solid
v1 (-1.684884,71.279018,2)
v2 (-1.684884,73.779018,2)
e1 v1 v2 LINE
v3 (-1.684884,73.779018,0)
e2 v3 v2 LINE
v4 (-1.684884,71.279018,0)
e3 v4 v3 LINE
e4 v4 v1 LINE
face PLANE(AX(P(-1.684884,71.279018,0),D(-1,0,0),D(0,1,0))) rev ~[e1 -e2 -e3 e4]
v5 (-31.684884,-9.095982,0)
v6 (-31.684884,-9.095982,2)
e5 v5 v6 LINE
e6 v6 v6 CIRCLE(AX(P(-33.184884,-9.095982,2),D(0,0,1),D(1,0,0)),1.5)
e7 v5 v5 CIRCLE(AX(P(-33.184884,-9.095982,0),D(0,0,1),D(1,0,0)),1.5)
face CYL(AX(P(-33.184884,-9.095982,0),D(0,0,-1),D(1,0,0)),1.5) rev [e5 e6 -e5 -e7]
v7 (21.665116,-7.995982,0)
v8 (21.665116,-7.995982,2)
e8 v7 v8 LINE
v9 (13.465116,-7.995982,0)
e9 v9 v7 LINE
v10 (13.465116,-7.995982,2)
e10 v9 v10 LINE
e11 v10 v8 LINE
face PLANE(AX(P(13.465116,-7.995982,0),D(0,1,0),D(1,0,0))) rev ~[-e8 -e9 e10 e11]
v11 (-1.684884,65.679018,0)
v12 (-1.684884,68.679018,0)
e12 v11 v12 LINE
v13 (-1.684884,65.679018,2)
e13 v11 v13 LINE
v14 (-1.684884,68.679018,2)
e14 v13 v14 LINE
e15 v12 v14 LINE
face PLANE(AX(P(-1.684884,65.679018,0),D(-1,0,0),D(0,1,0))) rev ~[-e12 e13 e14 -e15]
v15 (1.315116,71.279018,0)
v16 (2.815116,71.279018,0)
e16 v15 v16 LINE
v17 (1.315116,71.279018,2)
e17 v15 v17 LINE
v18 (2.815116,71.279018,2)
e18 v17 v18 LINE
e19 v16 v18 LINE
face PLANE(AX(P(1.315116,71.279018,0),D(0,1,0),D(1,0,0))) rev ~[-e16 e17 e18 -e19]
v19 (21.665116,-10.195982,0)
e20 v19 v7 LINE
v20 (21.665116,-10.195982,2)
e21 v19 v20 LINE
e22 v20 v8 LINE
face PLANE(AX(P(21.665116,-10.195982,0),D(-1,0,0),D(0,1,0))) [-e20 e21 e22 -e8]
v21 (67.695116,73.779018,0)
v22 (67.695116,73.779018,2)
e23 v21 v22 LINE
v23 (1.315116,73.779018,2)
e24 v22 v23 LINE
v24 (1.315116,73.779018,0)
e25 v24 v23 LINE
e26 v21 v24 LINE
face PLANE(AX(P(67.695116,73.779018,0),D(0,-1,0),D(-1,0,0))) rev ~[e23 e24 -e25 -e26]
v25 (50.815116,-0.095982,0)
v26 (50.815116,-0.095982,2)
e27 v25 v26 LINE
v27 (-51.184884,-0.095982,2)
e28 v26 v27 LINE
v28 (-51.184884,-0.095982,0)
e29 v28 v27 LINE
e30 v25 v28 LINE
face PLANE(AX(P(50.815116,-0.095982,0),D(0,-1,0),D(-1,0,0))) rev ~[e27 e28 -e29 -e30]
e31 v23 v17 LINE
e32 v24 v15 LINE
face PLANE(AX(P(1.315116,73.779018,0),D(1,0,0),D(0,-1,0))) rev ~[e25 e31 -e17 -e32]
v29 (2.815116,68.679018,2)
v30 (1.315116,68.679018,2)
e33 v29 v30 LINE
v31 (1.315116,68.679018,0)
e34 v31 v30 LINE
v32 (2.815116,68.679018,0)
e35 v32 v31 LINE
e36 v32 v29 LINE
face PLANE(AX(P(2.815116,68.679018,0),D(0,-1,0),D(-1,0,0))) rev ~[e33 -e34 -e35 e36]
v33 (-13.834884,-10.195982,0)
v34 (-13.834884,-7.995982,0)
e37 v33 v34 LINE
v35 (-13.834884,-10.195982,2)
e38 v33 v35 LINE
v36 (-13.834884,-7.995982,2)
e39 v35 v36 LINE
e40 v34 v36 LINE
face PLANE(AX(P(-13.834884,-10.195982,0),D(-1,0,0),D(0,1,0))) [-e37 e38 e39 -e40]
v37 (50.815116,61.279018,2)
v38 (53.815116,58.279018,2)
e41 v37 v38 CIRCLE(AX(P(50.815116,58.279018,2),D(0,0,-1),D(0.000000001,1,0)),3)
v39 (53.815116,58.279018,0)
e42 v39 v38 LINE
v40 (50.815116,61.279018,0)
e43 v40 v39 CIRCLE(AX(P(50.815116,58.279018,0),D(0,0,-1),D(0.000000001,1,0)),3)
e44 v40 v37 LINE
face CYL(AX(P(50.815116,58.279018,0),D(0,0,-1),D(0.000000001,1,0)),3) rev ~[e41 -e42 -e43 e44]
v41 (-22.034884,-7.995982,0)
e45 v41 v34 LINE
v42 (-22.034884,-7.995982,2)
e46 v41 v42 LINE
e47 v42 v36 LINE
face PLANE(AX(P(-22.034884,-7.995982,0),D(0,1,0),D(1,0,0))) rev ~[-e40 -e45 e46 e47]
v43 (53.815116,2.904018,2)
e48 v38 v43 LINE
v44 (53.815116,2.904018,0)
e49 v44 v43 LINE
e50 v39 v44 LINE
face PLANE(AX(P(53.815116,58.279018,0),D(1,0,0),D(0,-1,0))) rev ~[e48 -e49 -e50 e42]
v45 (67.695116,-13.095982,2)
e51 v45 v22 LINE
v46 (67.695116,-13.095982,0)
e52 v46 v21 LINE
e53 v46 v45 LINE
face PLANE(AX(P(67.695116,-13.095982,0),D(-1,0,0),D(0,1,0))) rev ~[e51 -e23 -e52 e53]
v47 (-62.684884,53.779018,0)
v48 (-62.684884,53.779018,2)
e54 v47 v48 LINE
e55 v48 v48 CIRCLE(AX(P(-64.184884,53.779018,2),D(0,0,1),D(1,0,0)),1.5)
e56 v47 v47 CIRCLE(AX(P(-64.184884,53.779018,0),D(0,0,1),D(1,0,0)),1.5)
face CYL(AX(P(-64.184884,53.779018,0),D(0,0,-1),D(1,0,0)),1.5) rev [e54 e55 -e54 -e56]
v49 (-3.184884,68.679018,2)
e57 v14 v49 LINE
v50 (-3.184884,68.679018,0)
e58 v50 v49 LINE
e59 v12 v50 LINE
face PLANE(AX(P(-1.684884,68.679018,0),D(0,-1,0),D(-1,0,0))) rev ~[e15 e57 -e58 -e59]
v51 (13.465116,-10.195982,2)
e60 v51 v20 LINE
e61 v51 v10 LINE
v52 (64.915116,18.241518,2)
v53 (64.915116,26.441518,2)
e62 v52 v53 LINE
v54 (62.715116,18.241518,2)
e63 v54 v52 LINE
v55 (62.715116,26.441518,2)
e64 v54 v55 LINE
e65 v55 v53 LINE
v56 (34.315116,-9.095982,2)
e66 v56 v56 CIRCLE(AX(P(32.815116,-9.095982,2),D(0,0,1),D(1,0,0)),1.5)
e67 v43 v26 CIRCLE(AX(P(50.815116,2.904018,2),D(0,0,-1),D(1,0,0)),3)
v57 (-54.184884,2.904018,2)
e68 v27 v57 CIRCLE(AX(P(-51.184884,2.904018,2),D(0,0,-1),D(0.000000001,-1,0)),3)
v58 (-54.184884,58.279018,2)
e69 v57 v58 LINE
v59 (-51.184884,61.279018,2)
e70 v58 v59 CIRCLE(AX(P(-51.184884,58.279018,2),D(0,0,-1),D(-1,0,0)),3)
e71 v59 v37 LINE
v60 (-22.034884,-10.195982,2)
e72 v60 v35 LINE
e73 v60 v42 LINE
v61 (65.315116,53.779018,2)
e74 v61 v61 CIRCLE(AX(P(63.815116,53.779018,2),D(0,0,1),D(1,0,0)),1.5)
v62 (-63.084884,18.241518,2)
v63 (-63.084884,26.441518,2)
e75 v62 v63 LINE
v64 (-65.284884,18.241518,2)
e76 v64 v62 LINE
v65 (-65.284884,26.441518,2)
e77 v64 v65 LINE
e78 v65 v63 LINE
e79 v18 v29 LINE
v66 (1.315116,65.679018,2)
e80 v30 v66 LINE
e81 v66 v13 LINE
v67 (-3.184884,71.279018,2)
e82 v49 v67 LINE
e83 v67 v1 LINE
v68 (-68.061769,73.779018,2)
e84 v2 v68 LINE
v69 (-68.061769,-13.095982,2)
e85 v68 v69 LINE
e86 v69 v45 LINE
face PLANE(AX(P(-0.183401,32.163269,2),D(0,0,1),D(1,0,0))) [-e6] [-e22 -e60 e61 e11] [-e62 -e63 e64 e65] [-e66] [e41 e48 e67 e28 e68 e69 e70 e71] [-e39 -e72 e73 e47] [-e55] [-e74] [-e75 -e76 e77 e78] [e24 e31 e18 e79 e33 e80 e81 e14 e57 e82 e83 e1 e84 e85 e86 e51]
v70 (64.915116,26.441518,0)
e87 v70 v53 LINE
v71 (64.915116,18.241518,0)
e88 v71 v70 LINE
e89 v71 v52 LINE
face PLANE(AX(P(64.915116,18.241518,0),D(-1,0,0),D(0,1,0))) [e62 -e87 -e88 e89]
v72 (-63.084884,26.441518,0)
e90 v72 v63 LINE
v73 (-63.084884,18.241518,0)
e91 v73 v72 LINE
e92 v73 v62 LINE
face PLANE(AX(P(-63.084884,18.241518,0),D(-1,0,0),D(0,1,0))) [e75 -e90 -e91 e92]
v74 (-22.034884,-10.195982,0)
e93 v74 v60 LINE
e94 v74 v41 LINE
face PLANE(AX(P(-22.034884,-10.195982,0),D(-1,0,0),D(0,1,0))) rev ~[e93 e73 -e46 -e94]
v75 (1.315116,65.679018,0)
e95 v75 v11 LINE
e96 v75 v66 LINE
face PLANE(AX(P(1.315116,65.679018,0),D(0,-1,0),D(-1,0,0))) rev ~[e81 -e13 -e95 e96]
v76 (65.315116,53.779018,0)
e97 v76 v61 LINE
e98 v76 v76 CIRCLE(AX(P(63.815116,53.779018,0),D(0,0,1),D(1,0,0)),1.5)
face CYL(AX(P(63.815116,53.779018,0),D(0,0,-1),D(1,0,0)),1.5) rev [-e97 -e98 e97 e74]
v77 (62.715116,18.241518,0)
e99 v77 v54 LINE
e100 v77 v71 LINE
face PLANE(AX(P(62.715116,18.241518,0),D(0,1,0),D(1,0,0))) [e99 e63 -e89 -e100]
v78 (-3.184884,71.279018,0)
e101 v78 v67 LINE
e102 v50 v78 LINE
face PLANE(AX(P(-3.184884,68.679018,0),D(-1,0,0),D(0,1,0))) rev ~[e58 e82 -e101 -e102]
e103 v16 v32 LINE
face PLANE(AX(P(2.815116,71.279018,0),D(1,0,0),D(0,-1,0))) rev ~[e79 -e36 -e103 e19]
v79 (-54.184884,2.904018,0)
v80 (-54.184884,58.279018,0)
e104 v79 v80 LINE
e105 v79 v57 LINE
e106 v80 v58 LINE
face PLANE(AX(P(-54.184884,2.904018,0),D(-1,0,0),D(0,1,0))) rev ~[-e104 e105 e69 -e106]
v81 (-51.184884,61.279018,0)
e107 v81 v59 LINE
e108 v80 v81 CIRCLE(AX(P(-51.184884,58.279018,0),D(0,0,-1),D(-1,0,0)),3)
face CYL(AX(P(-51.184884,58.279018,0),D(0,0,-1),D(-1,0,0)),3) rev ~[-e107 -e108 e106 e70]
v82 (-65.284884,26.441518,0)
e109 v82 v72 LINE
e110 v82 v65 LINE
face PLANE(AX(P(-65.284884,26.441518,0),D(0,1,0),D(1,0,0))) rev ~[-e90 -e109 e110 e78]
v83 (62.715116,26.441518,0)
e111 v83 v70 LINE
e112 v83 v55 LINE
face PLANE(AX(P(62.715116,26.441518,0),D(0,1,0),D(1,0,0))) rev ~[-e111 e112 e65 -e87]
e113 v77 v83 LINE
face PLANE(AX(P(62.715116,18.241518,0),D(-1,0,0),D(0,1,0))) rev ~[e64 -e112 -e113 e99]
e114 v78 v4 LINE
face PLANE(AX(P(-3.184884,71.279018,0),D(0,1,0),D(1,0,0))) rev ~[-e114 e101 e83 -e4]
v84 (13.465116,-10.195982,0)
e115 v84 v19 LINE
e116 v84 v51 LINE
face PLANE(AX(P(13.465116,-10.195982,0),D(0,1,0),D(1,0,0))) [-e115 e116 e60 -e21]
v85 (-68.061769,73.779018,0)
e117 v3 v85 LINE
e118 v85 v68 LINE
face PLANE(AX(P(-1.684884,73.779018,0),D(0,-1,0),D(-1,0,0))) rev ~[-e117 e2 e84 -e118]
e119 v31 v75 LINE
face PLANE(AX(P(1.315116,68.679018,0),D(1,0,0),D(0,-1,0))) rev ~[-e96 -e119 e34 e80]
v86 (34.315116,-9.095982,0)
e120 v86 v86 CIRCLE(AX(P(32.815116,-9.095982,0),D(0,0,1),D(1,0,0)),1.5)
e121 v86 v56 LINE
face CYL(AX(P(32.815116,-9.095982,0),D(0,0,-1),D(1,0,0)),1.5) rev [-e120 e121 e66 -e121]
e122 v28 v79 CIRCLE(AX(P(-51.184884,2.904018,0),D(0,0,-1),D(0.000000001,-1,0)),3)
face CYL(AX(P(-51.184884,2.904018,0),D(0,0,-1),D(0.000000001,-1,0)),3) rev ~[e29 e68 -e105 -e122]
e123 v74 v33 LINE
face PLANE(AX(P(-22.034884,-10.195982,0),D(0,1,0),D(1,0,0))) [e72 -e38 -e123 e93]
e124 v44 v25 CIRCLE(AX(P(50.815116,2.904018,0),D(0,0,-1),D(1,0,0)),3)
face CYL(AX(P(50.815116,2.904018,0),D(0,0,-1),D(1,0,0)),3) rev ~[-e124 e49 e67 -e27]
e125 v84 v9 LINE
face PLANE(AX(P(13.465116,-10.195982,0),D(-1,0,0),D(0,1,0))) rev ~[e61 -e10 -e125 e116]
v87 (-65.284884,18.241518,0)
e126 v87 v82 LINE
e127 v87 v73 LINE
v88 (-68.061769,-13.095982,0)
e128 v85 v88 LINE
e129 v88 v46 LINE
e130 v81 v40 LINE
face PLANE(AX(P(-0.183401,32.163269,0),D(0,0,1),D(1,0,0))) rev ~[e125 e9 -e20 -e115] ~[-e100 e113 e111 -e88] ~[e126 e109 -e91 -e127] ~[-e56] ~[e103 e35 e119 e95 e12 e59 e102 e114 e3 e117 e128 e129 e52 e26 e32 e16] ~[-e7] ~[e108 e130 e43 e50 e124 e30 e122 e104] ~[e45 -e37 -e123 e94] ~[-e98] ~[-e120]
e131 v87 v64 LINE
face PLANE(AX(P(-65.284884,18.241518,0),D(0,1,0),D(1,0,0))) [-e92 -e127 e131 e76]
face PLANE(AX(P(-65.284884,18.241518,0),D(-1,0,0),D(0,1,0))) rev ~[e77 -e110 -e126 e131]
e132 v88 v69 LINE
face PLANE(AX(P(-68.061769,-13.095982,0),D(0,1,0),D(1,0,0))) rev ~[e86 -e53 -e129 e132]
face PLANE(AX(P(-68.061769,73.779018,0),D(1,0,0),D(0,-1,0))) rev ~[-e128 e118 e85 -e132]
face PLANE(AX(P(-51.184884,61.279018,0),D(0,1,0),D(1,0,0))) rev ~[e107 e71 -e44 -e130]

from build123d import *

# Parameters (mm, degrees)
SKETCH_1_R      = 1.5
SKETCH_1_W      = 8.2
SKETCH_1_H      = 2.2
SKETCH_1_W_2    = 2.2
SKETCH_1_H_2    = 8.2
EXTRUDE_1_DEPTH = 2


with BuildPart() as part:
    # 草图1 → 凸台-拉伸1 (new body)
    with BuildSketch(Plane.XY):
        Polygon((-68.061769393, -13.095981945), (-52.184883937, -13.095981945), (-18.934883937, -13.095981945), (18.565116063, -13.095981945), (67.695116063, -13.095981945), (67.695116063, 73.779018055), (1.315116063, 73.779018055), (1.315116063, 71.279018055), (2.815116063, 71.279018055), (2.815116063, 68.679018055), (1.315116063, 68.679018055), (1.315116063, 65.679018055), (-1.684883937, 65.679018055), (-1.684883937, 68.679018055), (-3.184883937, 68.679018055), (-3.184883937, 71.279018055), (-1.684883937, 71.279018055), (-1.684883937, 73.779018055), (-68.061769393, 73.779018055), align=None)
        with Locations((-33.184883937, -9.095981945)):
            Circle(SKETCH_1_R, mode=Mode.SUBTRACT)
        with Locations((-17.934883937, -9.095981946)):
            Rectangle(SKETCH_1_W, SKETCH_1_H, mode=Mode.SUBTRACT)
        with Locations((-64.184883937, 22.341518055)):
            Rectangle(SKETCH_1_W_2, SKETCH_1_H_2, mode=Mode.SUBTRACT)
        with Locations((17.565116063, -9.095981946)):
            Rectangle(SKETCH_1_W, SKETCH_1_H, mode=Mode.SUBTRACT)
        with Locations((32.815116063, -9.095981945)):
            Circle(SKETCH_1_R, mode=Mode.SUBTRACT)
        with Locations((63.815116063, 22.341518055)):
            Rectangle(SKETCH_1_W_2, SKETCH_1_H_2, mode=Mode.SUBTRACT)
        with BuildLine():
            ThreePointArc((50.815116063, 61.279018055), (52.936436406, 60.400338398), (53.815116063, 58.279018055))
            Line((53.815116063, 58.279018055), (53.815116063, 2.904018055))
            ThreePointArc((53.815116063, 2.904018055), (52.936436406, 0.782697711), (50.815116063, -0.095981945))
            Line((50.815116063, -0.095981945), (-51.184883937, -0.095981945))
            ThreePointArc((-51.184883937, -0.095981945), (-53.306204281, 0.782697711), (-54.184883937, 2.904018055))
            Line((-54.184883937, 2.904018055), (-54.184883937, 58.279018055))
            ThreePointArc((-54.184883937, 58.279018055), (-53.306204281, 60.400338398), (-51.184883937, 61.279018055))
            Line((-51.184883937, 61.279018055), (50.815116063, 61.279018055))
        make_face(mode=Mode.SUBTRACT)
        with Locations((-64.184883937, 53.779018055)):
            Circle(SKETCH_1_R, mode=Mode.SUBTRACT)
        with Locations((63.815116063, 53.779018055)):
            Circle(SKETCH_1_R, mode=Mode.SUBTRACT)
    extrude(amount=EXTRUDE_1_DEPTH)


solid = part.part
